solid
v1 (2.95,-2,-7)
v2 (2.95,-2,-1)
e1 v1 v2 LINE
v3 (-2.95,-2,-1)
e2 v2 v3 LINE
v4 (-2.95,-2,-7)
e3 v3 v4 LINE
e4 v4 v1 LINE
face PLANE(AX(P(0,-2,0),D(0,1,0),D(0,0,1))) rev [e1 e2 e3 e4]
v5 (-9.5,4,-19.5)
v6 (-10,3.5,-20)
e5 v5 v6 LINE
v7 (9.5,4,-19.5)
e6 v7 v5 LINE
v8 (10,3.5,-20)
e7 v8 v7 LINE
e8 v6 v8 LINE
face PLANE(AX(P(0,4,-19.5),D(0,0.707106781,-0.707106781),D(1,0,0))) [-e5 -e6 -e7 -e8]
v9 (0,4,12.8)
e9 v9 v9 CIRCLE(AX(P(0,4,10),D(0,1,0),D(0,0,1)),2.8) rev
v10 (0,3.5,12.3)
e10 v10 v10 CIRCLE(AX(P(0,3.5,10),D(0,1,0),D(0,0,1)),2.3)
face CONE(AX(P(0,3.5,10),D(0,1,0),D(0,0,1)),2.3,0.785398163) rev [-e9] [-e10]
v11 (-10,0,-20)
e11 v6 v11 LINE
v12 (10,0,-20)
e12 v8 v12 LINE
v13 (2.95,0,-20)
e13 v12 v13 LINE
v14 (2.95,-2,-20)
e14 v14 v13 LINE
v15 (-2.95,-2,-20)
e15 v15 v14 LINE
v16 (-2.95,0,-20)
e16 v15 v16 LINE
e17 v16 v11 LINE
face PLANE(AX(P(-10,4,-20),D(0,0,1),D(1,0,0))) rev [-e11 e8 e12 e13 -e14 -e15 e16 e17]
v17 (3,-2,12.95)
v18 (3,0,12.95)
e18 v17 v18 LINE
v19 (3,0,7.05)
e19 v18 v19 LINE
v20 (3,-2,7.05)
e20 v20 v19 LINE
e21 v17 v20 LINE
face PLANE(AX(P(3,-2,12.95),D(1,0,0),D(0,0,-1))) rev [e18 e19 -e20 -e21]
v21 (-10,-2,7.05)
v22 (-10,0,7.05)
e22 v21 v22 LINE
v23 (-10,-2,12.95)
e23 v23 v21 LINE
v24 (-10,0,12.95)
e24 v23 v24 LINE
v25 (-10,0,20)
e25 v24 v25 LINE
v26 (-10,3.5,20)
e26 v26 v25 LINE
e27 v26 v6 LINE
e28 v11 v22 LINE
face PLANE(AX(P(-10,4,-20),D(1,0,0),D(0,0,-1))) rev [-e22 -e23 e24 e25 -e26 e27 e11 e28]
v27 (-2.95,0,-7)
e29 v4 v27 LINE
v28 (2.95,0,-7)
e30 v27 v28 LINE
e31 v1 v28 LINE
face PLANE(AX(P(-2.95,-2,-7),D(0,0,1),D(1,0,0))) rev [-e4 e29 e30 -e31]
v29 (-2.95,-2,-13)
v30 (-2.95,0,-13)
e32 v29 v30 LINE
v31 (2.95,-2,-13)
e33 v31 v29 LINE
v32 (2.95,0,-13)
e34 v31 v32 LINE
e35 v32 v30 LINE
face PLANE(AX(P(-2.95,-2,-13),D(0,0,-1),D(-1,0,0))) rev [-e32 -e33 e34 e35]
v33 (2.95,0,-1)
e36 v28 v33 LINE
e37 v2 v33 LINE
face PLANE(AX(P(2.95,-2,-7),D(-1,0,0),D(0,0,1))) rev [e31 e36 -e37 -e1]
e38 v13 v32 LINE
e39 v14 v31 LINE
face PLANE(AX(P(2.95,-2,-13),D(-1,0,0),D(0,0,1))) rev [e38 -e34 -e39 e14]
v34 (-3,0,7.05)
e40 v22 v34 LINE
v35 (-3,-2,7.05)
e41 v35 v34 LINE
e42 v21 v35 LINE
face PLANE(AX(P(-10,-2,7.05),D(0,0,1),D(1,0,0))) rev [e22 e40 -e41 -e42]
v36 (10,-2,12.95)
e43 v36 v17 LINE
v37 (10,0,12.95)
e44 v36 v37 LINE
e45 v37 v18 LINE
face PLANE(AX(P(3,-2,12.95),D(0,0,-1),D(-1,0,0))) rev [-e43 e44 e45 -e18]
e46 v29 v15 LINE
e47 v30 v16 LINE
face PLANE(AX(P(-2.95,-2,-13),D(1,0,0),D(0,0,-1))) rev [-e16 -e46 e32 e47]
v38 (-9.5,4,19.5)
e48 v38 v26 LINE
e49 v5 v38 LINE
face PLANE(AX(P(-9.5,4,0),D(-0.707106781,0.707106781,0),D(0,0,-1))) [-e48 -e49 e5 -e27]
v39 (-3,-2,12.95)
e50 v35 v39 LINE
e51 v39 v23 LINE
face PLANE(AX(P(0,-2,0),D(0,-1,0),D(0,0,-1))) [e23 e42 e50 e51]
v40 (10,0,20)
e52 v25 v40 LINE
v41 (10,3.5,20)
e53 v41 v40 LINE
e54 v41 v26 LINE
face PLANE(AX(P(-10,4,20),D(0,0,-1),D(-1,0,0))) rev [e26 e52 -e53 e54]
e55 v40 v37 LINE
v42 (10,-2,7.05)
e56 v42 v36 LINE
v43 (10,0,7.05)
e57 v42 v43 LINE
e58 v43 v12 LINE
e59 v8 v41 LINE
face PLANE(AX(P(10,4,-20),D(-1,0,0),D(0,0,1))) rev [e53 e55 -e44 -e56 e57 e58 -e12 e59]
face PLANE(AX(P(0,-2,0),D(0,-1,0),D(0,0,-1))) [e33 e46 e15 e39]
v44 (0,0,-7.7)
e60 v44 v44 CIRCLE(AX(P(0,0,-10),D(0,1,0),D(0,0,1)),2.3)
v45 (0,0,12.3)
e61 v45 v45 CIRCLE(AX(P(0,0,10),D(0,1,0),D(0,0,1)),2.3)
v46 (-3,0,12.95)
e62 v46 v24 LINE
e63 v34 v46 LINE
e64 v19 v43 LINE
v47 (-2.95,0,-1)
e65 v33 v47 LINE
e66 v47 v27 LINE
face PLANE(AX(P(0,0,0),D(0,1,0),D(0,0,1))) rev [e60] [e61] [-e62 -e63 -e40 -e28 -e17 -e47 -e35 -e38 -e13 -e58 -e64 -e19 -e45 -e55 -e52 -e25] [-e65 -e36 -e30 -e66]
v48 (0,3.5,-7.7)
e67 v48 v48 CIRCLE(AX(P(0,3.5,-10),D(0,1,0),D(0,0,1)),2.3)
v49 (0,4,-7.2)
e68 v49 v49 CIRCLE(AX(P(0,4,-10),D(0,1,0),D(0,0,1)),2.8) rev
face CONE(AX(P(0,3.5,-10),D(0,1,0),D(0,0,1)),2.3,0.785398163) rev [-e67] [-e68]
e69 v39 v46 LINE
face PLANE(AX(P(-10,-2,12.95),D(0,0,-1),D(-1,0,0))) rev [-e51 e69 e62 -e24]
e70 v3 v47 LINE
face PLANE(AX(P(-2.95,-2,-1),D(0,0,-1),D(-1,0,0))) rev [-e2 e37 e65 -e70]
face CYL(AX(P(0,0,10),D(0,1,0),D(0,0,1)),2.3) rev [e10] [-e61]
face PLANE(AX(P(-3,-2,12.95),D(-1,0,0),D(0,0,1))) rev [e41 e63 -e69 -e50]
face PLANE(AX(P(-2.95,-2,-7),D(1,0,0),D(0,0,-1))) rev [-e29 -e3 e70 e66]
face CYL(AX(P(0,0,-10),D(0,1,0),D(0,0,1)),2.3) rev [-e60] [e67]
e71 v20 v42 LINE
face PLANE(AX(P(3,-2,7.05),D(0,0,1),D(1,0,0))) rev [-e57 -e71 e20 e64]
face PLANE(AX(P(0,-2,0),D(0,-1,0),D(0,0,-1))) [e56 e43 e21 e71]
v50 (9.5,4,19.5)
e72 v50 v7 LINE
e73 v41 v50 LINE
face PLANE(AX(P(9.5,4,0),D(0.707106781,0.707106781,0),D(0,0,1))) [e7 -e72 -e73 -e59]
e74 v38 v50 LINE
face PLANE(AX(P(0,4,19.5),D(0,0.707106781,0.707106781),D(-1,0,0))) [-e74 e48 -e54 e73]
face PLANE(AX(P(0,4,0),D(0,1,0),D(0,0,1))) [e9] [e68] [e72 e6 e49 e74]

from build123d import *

# Parameters (mm, degrees)
ESBO_O1_W                  = 20
ESBO_O1_H                  = 40
RESSALTO_EXTRUS_O1_DEPTH   = 4
ESBO_O2_R                  = 2.3
CORTE_EXTRUS_O1_DEPTH      = 1
CORTE_EXTRUS_O1_DEPTH_BACK = 5
ESBO_O3_W                  = 5.9
ESBO_O3_H                  = 6
ESBO_O3_H_2                = 7
ESBO_O3_W_2                = 7
ESBO_O3_H_3                = 5.9
RESSALTO_EXTRUS_O2_DEPTH   = 2
CHANFRO1_SIZE              = 0.5


with BuildPart() as part:
    # Esboço1 → Ressalto-extrusão1 (new body)
    with BuildSketch(Plane(origin=(0, 0, 0), x_dir=(1, 0, 0), z_dir=(0, 1, 0))):
        Rectangle(ESBO_O1_W, ESBO_O1_H)
    extrude(amount=RESSALTO_EXTRUS_O1_DEPTH)

    # Esboço2 → Corte-extrusão1 (cut, two sides)
    with BuildSketch(Plane(origin=(0, 4, 0), x_dir=(1, 0, 0), z_dir=(0, 1, 0))) as corte_extrus_o1_sk:
        with Locations((0, 10)):
            Circle(ESBO_O2_R)
        with Locations((0, -10)):
            Circle(ESBO_O2_R)
    extrude(amount=CORTE_EXTRUS_O1_DEPTH, mode=Mode.SUBTRACT)
    extrude(corte_extrus_o1_sk.sketch, amount=-CORTE_EXTRUS_O1_DEPTH_BACK, mode=Mode.SUBTRACT)

    # Esboço3 → Ressalto-extrusão2 (add)
    with BuildSketch(Plane.XZ):
        with Locations((0, -4)):
            Rectangle(ESBO_O3_W, ESBO_O3_H)
        with Locations((0, -16.5)):
            Rectangle(ESBO_O3_W, ESBO_O3_H_2)
        with Locations((-6.5, 10)):
            Rectangle(ESBO_O3_W_2, ESBO_O3_H_3)
        with Locations((6.5, 10)):
            Rectangle(ESBO_O3_W_2, ESBO_O3_H_3)
    extrude(amount=RESSALTO_EXTRUS_O2_DEPTH)

    # Chanfro1
    chanfro1_edges = [part.edges().sort_by_distance(p)[0] for p in [
        (-10, 4, 0),
        (0, 4, 20),
        (-2.3, 4, -10),
        (-2.3, 4, 10),
        (10, 4, 0),
        (0, 4, -20),
    ]]
    chamfer(chanfro1_edges, length=CHANFRO1_SIZE)


solid = part.part
